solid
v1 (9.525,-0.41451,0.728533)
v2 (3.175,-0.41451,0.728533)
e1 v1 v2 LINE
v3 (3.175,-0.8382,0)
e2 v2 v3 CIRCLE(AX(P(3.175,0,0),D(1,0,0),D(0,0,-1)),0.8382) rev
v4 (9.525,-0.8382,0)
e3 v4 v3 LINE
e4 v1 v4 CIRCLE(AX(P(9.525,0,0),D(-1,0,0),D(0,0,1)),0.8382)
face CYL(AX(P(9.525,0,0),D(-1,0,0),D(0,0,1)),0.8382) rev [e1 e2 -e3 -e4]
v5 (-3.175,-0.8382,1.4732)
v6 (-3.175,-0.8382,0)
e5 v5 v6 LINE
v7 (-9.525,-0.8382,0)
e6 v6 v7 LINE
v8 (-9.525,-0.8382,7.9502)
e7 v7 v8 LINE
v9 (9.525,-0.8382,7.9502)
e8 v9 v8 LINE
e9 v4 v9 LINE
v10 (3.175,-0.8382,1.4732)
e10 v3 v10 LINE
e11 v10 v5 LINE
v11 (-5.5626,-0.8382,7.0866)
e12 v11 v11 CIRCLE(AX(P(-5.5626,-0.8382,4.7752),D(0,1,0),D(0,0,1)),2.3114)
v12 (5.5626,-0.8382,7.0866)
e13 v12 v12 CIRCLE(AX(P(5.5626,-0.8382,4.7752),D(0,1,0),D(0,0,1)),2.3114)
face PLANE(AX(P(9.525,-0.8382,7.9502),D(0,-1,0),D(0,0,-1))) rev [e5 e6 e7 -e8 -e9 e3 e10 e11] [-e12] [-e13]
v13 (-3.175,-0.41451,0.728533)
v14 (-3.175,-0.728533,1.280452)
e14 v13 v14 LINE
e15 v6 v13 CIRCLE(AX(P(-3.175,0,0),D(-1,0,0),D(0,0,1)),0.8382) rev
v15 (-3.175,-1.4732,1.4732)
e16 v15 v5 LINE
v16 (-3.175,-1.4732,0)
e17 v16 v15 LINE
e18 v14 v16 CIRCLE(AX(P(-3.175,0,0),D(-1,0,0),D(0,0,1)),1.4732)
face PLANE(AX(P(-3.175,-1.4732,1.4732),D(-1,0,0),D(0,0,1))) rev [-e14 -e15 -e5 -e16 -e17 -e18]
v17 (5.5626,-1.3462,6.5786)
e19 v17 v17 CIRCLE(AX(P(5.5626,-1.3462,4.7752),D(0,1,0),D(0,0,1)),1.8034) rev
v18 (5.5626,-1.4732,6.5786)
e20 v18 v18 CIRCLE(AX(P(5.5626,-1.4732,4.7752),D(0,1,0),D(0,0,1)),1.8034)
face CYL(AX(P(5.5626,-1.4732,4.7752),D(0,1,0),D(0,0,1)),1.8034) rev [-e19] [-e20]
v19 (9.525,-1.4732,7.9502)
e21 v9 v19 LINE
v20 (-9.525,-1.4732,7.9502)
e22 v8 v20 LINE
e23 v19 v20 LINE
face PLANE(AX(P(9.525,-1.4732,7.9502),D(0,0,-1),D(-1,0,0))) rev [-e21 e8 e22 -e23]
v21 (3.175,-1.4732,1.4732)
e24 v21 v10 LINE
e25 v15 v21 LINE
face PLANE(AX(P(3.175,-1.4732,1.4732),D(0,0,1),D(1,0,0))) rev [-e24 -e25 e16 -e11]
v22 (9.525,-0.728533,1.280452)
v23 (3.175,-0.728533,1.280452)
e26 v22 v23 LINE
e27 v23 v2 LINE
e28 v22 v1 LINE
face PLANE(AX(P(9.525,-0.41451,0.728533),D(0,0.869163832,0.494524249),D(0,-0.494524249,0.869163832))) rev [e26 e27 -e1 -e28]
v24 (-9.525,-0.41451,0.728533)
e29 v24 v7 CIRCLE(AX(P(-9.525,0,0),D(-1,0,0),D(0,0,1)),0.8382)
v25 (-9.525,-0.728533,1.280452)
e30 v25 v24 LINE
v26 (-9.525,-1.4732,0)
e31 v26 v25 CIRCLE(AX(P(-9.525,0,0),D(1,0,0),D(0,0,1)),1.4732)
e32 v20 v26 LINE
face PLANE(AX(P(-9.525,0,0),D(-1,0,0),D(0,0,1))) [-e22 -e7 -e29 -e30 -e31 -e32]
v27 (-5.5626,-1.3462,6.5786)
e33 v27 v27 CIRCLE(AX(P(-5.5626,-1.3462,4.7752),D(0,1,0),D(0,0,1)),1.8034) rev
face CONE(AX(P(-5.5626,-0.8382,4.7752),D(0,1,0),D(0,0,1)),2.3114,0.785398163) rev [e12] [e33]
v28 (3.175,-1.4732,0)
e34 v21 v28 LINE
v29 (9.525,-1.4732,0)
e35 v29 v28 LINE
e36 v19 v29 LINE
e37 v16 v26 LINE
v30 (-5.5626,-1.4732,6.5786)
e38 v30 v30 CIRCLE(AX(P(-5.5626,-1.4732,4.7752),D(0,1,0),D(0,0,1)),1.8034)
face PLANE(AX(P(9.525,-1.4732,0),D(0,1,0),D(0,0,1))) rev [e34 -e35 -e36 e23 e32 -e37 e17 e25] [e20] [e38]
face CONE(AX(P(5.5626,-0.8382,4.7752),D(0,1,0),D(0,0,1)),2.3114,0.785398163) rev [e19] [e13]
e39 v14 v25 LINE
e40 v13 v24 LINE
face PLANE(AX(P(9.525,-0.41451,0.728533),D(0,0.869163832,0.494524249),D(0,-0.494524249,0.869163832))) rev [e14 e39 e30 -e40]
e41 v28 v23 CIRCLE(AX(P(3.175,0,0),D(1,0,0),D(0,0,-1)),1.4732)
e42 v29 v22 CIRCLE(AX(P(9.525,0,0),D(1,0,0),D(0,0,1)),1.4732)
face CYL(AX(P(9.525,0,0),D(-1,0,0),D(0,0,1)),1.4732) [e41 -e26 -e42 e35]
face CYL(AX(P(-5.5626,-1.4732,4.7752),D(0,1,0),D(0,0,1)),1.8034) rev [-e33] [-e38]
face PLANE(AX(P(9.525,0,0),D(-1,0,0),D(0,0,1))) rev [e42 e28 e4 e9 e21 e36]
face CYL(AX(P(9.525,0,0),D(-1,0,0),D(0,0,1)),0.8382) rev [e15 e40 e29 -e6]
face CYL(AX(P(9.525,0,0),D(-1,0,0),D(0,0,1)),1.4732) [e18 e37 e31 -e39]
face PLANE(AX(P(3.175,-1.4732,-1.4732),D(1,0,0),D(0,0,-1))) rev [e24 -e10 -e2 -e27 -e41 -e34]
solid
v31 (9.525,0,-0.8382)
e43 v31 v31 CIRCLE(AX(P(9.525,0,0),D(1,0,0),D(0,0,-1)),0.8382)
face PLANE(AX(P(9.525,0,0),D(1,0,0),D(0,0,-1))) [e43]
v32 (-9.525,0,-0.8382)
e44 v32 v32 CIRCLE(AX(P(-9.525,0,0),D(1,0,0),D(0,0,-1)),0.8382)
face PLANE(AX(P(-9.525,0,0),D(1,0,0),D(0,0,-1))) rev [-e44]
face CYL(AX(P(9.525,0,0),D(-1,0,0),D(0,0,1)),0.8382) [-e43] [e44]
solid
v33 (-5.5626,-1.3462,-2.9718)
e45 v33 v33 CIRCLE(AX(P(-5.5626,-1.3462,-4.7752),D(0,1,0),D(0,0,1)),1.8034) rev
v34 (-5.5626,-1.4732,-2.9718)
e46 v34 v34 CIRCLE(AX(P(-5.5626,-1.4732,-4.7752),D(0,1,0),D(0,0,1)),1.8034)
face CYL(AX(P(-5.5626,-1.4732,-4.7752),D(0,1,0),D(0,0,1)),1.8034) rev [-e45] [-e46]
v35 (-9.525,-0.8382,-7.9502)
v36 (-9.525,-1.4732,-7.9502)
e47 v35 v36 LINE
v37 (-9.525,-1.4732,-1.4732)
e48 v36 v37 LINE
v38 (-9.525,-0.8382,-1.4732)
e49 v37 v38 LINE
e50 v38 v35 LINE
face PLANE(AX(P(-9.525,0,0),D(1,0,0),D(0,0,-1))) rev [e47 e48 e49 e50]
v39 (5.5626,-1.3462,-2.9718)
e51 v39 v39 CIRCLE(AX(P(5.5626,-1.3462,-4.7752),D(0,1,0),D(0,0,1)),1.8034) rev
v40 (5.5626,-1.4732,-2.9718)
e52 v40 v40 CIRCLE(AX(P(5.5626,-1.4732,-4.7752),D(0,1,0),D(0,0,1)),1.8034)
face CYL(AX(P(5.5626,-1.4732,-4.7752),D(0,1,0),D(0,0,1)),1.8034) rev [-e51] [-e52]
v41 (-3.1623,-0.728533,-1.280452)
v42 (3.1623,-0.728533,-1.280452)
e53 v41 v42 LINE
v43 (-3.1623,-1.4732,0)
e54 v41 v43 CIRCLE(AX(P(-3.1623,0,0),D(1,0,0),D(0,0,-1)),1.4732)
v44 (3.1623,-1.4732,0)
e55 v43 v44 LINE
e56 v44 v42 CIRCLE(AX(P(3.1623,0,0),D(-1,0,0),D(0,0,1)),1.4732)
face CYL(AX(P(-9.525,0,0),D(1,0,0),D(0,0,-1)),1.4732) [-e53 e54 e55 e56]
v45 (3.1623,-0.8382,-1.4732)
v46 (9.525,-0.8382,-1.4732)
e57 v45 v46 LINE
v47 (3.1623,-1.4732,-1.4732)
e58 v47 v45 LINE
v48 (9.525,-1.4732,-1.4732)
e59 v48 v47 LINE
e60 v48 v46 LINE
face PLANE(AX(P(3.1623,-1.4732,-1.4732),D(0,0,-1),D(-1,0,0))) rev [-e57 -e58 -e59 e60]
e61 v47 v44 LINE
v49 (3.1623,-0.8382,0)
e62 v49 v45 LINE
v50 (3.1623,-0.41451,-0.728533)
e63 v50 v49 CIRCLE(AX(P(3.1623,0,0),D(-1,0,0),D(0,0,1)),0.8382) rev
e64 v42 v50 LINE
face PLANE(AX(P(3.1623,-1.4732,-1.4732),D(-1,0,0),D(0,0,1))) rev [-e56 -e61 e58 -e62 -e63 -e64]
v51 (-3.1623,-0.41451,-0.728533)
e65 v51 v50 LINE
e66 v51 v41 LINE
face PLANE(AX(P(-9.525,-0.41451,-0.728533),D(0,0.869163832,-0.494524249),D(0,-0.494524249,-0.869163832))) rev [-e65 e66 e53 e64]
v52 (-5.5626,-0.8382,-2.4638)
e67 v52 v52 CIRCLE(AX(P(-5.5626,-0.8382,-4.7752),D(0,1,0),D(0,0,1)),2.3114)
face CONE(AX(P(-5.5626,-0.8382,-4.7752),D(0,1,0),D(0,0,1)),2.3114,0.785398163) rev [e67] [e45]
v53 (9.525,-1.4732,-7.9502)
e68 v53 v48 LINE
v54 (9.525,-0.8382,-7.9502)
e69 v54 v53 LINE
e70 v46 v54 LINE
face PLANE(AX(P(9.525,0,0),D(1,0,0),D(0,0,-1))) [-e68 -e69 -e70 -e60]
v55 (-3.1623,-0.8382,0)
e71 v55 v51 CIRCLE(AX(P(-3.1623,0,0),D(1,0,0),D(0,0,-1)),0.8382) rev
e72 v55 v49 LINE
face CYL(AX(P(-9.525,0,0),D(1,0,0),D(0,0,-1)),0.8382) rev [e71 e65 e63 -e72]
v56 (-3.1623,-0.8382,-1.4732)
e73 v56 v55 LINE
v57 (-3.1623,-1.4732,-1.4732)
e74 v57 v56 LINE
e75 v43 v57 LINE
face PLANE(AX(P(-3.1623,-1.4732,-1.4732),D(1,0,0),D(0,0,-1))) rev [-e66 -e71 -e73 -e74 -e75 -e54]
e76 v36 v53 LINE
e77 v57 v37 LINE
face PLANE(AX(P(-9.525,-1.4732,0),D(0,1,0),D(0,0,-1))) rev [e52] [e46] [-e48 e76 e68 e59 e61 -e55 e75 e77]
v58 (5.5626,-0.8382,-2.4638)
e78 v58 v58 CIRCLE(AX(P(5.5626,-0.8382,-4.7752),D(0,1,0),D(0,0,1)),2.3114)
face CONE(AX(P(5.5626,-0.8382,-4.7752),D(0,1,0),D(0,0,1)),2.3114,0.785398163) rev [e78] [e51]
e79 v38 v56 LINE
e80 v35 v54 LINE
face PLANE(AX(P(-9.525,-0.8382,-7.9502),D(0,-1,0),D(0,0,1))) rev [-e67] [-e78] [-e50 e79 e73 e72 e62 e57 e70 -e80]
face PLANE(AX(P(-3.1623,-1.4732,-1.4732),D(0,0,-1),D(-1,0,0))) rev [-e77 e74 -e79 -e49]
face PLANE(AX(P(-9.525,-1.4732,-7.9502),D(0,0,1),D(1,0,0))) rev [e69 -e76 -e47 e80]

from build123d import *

# Parameters (mm, degrees)
BOSS_EXTRUDE1_DEPTH     = 9.525
CIRPATTERN1_COUNT       = 2
SKETCH4_W               = 6.35
SKETCH4_H               = 2.9464
CUT_EXTRUDE1_DEPTH      = 2.4732
CUT_EXTRUDE1_DEPTH_BACK = 2.4732
SKETCH10_W              = 6.3627
SKETCH10_H              = 2.9464
CUT_EXTRUDE4_DEPTH      = 2.4732
CUT_EXTRUDE4_DEPTH_BACK = 2.4732
SKETCH5_R               = 2.3114
CUT_EXTRUDE2_DEPTH      = 1.635
CUT_EXTRUDE2_TAPER      = 45
SKETCH9_R               = 1.8034
CUT_EXTRUDE3_DEPTH      = 2.4732
CUT_EXTRUDE3_DEPTH_BACK = 2.4732001
SKETCH11_R              = 2.3114
CUT_EXTRUDE5_DEPTH      = 1.635
CUT_EXTRUDE5_TAPER      = 45
SKETCH12_R              = 1.8034
CUT_EXTRUDE6_DEPTH      = 3.3114
CUT_EXTRUDE6_DEPTH_BACK = 1.6350001
SKETCH6_R               = 0.8382
BOSS_EXTRUDE2_DEPTH     = 9.525


with BuildPart() as part:
    # Sketch3 → Boss-Extrude1 (new body, symmetric)
    with BuildSketch(Plane(origin=(0, 0, 0), x_dir=(0, 0, -1), z_dir=(1, 0, 0))):
        with BuildLine():
            Line((0, -1.4732), (-7.9502, -1.4732))
            Line((-7.9502, -1.4732), (-7.9502, -0.8382))
            Line((-7.9502, -0.8382), (0, -0.8382))
            ThreePointArc((0, -0.8382), (0.421388638, 0.724576328), (-0.728533124, -0.414510226))
            Line((-0.728533124, -0.414510226), (-1.280452157, -0.728533124))
            ThreePointArc((-1.280452157, -0.728533124), (0.740622455, 1.273497789), (0, -1.4732))
        make_face()
    extrude(amount=BOSS_EXTRUDE1_DEPTH, both=True)


with BuildPart() as cirpattern1_1:
    # CirPattern1: pattern copy
    add(part.part.rotate(Axis((0, 0, 0), (0, 1, 0)), 1 * 360 / CIRPATTERN1_COUNT))

    # Sketch10 → Cut-Extrude4 (cut, two sides)
    with BuildSketch(Plane(origin=(0, 0, 0), x_dir=(1, 0, 0), z_dir=(0, 1, 0))) as cut_extrude4_sk:
        with Locations((-6.34365, 0)):
            Rectangle(SKETCH10_W, SKETCH10_H)
        with Locations((6.34365, 0)):
            Rectangle(SKETCH10_W, SKETCH10_H)
    extrude(amount=CUT_EXTRUDE4_DEPTH, mode=Mode.SUBTRACT)
    extrude(cut_extrude4_sk.sketch, amount=-CUT_EXTRUDE4_DEPTH_BACK, mode=Mode.SUBTRACT)

    # Sketch11 → Cut-Extrude5 (cut, through all)
    with BuildSketch(Plane(origin=(0, -0.8382, 0), x_dir=(1, 0, 0), z_dir=(0, 1, 0))):
        with Locations((5.5626, 4.7752)):
            Circle(SKETCH11_R)
        with Locations((-5.5626, 4.7752)):
            Circle(SKETCH11_R)
    extrude(amount=-CUT_EXTRUDE5_DEPTH, taper=CUT_EXTRUDE5_TAPER, mode=Mode.SUBTRACT)

    # Sketch12 → Cut-Extrude6 (cut, two sides)
    with BuildSketch(Plane(origin=(0, -0.8382, 0), x_dir=(1, 0, 0), z_dir=(0, 1, 0))) as cut_extrude6_sk:
        with Locations((-5.5626, 4.7752)):
            Circle(SKETCH12_R)
        with Locations((5.5626, 4.7752)):
            Circle(SKETCH12_R)
    extrude(amount=CUT_EXTRUDE6_DEPTH, mode=Mode.SUBTRACT)
    extrude(cut_extrude6_sk.sketch, amount=-CUT_EXTRUDE6_DEPTH_BACK, mode=Mode.SUBTRACT)


with BuildPart() as part_1:
    add(part.part)

    # Sketch4 → Cut-Extrude1 (cut, two sides)
    with BuildSketch(Plane(origin=(0, 0, 0), x_dir=(1, 0, 0), z_dir=(0, 1, 0))) as cut_extrude1_sk:
        Rectangle(SKETCH4_W, SKETCH4_H)
    extrude(amount=CUT_EXTRUDE1_DEPTH, mode=Mode.SUBTRACT)
    extrude(cut_extrude1_sk.sketch, amount=-CUT_EXTRUDE1_DEPTH_BACK, mode=Mode.SUBTRACT)

    # Sketch5 → Cut-Extrude2 (cut, through all)
    with BuildSketch(Plane(origin=(0, -0.8382, 0), x_dir=(1, 0, 0), z_dir=(0, 1, 0))):
        with Locations((5.5626, -4.7752)):
            Circle(SKETCH5_R)
        with Locations((-5.5626, -4.7752)):
            Circle(SKETCH5_R)
    extrude(amount=-CUT_EXTRUDE2_DEPTH, taper=CUT_EXTRUDE2_TAPER, mode=Mode.SUBTRACT)

    # Sketch9 → Cut-Extrude3 (cut, two sides)
    with BuildSketch(Plane(origin=(0, 0, 0), x_dir=(1, 0, 0), z_dir=(0, 1, 0))) as cut_extrude3_sk:
        with Locations((5.5626, -4.7752)):
            Circle(SKETCH9_R)
        with Locations((-5.5626, -4.7752)):
            Circle(SKETCH9_R)
    extrude(amount=CUT_EXTRUDE3_DEPTH, mode=Mode.SUBTRACT)
    extrude(cut_extrude3_sk.sketch, amount=-CUT_EXTRUDE3_DEPTH_BACK, mode=Mode.SUBTRACT)


with BuildPart() as body_3:
    # Sketch6 → Boss-Extrude2 (new body, symmetric)
    with BuildSketch(Plane(origin=(0, 0, 0), x_dir=(0, 0, -1), z_dir=(1, 0, 0))):
        Circle(SKETCH6_R)
    extrude(amount=BOSS_EXTRUDE2_DEPTH, both=True)


solid = Compound([cirpattern1_1.part, part_1.part, body_3.part])
